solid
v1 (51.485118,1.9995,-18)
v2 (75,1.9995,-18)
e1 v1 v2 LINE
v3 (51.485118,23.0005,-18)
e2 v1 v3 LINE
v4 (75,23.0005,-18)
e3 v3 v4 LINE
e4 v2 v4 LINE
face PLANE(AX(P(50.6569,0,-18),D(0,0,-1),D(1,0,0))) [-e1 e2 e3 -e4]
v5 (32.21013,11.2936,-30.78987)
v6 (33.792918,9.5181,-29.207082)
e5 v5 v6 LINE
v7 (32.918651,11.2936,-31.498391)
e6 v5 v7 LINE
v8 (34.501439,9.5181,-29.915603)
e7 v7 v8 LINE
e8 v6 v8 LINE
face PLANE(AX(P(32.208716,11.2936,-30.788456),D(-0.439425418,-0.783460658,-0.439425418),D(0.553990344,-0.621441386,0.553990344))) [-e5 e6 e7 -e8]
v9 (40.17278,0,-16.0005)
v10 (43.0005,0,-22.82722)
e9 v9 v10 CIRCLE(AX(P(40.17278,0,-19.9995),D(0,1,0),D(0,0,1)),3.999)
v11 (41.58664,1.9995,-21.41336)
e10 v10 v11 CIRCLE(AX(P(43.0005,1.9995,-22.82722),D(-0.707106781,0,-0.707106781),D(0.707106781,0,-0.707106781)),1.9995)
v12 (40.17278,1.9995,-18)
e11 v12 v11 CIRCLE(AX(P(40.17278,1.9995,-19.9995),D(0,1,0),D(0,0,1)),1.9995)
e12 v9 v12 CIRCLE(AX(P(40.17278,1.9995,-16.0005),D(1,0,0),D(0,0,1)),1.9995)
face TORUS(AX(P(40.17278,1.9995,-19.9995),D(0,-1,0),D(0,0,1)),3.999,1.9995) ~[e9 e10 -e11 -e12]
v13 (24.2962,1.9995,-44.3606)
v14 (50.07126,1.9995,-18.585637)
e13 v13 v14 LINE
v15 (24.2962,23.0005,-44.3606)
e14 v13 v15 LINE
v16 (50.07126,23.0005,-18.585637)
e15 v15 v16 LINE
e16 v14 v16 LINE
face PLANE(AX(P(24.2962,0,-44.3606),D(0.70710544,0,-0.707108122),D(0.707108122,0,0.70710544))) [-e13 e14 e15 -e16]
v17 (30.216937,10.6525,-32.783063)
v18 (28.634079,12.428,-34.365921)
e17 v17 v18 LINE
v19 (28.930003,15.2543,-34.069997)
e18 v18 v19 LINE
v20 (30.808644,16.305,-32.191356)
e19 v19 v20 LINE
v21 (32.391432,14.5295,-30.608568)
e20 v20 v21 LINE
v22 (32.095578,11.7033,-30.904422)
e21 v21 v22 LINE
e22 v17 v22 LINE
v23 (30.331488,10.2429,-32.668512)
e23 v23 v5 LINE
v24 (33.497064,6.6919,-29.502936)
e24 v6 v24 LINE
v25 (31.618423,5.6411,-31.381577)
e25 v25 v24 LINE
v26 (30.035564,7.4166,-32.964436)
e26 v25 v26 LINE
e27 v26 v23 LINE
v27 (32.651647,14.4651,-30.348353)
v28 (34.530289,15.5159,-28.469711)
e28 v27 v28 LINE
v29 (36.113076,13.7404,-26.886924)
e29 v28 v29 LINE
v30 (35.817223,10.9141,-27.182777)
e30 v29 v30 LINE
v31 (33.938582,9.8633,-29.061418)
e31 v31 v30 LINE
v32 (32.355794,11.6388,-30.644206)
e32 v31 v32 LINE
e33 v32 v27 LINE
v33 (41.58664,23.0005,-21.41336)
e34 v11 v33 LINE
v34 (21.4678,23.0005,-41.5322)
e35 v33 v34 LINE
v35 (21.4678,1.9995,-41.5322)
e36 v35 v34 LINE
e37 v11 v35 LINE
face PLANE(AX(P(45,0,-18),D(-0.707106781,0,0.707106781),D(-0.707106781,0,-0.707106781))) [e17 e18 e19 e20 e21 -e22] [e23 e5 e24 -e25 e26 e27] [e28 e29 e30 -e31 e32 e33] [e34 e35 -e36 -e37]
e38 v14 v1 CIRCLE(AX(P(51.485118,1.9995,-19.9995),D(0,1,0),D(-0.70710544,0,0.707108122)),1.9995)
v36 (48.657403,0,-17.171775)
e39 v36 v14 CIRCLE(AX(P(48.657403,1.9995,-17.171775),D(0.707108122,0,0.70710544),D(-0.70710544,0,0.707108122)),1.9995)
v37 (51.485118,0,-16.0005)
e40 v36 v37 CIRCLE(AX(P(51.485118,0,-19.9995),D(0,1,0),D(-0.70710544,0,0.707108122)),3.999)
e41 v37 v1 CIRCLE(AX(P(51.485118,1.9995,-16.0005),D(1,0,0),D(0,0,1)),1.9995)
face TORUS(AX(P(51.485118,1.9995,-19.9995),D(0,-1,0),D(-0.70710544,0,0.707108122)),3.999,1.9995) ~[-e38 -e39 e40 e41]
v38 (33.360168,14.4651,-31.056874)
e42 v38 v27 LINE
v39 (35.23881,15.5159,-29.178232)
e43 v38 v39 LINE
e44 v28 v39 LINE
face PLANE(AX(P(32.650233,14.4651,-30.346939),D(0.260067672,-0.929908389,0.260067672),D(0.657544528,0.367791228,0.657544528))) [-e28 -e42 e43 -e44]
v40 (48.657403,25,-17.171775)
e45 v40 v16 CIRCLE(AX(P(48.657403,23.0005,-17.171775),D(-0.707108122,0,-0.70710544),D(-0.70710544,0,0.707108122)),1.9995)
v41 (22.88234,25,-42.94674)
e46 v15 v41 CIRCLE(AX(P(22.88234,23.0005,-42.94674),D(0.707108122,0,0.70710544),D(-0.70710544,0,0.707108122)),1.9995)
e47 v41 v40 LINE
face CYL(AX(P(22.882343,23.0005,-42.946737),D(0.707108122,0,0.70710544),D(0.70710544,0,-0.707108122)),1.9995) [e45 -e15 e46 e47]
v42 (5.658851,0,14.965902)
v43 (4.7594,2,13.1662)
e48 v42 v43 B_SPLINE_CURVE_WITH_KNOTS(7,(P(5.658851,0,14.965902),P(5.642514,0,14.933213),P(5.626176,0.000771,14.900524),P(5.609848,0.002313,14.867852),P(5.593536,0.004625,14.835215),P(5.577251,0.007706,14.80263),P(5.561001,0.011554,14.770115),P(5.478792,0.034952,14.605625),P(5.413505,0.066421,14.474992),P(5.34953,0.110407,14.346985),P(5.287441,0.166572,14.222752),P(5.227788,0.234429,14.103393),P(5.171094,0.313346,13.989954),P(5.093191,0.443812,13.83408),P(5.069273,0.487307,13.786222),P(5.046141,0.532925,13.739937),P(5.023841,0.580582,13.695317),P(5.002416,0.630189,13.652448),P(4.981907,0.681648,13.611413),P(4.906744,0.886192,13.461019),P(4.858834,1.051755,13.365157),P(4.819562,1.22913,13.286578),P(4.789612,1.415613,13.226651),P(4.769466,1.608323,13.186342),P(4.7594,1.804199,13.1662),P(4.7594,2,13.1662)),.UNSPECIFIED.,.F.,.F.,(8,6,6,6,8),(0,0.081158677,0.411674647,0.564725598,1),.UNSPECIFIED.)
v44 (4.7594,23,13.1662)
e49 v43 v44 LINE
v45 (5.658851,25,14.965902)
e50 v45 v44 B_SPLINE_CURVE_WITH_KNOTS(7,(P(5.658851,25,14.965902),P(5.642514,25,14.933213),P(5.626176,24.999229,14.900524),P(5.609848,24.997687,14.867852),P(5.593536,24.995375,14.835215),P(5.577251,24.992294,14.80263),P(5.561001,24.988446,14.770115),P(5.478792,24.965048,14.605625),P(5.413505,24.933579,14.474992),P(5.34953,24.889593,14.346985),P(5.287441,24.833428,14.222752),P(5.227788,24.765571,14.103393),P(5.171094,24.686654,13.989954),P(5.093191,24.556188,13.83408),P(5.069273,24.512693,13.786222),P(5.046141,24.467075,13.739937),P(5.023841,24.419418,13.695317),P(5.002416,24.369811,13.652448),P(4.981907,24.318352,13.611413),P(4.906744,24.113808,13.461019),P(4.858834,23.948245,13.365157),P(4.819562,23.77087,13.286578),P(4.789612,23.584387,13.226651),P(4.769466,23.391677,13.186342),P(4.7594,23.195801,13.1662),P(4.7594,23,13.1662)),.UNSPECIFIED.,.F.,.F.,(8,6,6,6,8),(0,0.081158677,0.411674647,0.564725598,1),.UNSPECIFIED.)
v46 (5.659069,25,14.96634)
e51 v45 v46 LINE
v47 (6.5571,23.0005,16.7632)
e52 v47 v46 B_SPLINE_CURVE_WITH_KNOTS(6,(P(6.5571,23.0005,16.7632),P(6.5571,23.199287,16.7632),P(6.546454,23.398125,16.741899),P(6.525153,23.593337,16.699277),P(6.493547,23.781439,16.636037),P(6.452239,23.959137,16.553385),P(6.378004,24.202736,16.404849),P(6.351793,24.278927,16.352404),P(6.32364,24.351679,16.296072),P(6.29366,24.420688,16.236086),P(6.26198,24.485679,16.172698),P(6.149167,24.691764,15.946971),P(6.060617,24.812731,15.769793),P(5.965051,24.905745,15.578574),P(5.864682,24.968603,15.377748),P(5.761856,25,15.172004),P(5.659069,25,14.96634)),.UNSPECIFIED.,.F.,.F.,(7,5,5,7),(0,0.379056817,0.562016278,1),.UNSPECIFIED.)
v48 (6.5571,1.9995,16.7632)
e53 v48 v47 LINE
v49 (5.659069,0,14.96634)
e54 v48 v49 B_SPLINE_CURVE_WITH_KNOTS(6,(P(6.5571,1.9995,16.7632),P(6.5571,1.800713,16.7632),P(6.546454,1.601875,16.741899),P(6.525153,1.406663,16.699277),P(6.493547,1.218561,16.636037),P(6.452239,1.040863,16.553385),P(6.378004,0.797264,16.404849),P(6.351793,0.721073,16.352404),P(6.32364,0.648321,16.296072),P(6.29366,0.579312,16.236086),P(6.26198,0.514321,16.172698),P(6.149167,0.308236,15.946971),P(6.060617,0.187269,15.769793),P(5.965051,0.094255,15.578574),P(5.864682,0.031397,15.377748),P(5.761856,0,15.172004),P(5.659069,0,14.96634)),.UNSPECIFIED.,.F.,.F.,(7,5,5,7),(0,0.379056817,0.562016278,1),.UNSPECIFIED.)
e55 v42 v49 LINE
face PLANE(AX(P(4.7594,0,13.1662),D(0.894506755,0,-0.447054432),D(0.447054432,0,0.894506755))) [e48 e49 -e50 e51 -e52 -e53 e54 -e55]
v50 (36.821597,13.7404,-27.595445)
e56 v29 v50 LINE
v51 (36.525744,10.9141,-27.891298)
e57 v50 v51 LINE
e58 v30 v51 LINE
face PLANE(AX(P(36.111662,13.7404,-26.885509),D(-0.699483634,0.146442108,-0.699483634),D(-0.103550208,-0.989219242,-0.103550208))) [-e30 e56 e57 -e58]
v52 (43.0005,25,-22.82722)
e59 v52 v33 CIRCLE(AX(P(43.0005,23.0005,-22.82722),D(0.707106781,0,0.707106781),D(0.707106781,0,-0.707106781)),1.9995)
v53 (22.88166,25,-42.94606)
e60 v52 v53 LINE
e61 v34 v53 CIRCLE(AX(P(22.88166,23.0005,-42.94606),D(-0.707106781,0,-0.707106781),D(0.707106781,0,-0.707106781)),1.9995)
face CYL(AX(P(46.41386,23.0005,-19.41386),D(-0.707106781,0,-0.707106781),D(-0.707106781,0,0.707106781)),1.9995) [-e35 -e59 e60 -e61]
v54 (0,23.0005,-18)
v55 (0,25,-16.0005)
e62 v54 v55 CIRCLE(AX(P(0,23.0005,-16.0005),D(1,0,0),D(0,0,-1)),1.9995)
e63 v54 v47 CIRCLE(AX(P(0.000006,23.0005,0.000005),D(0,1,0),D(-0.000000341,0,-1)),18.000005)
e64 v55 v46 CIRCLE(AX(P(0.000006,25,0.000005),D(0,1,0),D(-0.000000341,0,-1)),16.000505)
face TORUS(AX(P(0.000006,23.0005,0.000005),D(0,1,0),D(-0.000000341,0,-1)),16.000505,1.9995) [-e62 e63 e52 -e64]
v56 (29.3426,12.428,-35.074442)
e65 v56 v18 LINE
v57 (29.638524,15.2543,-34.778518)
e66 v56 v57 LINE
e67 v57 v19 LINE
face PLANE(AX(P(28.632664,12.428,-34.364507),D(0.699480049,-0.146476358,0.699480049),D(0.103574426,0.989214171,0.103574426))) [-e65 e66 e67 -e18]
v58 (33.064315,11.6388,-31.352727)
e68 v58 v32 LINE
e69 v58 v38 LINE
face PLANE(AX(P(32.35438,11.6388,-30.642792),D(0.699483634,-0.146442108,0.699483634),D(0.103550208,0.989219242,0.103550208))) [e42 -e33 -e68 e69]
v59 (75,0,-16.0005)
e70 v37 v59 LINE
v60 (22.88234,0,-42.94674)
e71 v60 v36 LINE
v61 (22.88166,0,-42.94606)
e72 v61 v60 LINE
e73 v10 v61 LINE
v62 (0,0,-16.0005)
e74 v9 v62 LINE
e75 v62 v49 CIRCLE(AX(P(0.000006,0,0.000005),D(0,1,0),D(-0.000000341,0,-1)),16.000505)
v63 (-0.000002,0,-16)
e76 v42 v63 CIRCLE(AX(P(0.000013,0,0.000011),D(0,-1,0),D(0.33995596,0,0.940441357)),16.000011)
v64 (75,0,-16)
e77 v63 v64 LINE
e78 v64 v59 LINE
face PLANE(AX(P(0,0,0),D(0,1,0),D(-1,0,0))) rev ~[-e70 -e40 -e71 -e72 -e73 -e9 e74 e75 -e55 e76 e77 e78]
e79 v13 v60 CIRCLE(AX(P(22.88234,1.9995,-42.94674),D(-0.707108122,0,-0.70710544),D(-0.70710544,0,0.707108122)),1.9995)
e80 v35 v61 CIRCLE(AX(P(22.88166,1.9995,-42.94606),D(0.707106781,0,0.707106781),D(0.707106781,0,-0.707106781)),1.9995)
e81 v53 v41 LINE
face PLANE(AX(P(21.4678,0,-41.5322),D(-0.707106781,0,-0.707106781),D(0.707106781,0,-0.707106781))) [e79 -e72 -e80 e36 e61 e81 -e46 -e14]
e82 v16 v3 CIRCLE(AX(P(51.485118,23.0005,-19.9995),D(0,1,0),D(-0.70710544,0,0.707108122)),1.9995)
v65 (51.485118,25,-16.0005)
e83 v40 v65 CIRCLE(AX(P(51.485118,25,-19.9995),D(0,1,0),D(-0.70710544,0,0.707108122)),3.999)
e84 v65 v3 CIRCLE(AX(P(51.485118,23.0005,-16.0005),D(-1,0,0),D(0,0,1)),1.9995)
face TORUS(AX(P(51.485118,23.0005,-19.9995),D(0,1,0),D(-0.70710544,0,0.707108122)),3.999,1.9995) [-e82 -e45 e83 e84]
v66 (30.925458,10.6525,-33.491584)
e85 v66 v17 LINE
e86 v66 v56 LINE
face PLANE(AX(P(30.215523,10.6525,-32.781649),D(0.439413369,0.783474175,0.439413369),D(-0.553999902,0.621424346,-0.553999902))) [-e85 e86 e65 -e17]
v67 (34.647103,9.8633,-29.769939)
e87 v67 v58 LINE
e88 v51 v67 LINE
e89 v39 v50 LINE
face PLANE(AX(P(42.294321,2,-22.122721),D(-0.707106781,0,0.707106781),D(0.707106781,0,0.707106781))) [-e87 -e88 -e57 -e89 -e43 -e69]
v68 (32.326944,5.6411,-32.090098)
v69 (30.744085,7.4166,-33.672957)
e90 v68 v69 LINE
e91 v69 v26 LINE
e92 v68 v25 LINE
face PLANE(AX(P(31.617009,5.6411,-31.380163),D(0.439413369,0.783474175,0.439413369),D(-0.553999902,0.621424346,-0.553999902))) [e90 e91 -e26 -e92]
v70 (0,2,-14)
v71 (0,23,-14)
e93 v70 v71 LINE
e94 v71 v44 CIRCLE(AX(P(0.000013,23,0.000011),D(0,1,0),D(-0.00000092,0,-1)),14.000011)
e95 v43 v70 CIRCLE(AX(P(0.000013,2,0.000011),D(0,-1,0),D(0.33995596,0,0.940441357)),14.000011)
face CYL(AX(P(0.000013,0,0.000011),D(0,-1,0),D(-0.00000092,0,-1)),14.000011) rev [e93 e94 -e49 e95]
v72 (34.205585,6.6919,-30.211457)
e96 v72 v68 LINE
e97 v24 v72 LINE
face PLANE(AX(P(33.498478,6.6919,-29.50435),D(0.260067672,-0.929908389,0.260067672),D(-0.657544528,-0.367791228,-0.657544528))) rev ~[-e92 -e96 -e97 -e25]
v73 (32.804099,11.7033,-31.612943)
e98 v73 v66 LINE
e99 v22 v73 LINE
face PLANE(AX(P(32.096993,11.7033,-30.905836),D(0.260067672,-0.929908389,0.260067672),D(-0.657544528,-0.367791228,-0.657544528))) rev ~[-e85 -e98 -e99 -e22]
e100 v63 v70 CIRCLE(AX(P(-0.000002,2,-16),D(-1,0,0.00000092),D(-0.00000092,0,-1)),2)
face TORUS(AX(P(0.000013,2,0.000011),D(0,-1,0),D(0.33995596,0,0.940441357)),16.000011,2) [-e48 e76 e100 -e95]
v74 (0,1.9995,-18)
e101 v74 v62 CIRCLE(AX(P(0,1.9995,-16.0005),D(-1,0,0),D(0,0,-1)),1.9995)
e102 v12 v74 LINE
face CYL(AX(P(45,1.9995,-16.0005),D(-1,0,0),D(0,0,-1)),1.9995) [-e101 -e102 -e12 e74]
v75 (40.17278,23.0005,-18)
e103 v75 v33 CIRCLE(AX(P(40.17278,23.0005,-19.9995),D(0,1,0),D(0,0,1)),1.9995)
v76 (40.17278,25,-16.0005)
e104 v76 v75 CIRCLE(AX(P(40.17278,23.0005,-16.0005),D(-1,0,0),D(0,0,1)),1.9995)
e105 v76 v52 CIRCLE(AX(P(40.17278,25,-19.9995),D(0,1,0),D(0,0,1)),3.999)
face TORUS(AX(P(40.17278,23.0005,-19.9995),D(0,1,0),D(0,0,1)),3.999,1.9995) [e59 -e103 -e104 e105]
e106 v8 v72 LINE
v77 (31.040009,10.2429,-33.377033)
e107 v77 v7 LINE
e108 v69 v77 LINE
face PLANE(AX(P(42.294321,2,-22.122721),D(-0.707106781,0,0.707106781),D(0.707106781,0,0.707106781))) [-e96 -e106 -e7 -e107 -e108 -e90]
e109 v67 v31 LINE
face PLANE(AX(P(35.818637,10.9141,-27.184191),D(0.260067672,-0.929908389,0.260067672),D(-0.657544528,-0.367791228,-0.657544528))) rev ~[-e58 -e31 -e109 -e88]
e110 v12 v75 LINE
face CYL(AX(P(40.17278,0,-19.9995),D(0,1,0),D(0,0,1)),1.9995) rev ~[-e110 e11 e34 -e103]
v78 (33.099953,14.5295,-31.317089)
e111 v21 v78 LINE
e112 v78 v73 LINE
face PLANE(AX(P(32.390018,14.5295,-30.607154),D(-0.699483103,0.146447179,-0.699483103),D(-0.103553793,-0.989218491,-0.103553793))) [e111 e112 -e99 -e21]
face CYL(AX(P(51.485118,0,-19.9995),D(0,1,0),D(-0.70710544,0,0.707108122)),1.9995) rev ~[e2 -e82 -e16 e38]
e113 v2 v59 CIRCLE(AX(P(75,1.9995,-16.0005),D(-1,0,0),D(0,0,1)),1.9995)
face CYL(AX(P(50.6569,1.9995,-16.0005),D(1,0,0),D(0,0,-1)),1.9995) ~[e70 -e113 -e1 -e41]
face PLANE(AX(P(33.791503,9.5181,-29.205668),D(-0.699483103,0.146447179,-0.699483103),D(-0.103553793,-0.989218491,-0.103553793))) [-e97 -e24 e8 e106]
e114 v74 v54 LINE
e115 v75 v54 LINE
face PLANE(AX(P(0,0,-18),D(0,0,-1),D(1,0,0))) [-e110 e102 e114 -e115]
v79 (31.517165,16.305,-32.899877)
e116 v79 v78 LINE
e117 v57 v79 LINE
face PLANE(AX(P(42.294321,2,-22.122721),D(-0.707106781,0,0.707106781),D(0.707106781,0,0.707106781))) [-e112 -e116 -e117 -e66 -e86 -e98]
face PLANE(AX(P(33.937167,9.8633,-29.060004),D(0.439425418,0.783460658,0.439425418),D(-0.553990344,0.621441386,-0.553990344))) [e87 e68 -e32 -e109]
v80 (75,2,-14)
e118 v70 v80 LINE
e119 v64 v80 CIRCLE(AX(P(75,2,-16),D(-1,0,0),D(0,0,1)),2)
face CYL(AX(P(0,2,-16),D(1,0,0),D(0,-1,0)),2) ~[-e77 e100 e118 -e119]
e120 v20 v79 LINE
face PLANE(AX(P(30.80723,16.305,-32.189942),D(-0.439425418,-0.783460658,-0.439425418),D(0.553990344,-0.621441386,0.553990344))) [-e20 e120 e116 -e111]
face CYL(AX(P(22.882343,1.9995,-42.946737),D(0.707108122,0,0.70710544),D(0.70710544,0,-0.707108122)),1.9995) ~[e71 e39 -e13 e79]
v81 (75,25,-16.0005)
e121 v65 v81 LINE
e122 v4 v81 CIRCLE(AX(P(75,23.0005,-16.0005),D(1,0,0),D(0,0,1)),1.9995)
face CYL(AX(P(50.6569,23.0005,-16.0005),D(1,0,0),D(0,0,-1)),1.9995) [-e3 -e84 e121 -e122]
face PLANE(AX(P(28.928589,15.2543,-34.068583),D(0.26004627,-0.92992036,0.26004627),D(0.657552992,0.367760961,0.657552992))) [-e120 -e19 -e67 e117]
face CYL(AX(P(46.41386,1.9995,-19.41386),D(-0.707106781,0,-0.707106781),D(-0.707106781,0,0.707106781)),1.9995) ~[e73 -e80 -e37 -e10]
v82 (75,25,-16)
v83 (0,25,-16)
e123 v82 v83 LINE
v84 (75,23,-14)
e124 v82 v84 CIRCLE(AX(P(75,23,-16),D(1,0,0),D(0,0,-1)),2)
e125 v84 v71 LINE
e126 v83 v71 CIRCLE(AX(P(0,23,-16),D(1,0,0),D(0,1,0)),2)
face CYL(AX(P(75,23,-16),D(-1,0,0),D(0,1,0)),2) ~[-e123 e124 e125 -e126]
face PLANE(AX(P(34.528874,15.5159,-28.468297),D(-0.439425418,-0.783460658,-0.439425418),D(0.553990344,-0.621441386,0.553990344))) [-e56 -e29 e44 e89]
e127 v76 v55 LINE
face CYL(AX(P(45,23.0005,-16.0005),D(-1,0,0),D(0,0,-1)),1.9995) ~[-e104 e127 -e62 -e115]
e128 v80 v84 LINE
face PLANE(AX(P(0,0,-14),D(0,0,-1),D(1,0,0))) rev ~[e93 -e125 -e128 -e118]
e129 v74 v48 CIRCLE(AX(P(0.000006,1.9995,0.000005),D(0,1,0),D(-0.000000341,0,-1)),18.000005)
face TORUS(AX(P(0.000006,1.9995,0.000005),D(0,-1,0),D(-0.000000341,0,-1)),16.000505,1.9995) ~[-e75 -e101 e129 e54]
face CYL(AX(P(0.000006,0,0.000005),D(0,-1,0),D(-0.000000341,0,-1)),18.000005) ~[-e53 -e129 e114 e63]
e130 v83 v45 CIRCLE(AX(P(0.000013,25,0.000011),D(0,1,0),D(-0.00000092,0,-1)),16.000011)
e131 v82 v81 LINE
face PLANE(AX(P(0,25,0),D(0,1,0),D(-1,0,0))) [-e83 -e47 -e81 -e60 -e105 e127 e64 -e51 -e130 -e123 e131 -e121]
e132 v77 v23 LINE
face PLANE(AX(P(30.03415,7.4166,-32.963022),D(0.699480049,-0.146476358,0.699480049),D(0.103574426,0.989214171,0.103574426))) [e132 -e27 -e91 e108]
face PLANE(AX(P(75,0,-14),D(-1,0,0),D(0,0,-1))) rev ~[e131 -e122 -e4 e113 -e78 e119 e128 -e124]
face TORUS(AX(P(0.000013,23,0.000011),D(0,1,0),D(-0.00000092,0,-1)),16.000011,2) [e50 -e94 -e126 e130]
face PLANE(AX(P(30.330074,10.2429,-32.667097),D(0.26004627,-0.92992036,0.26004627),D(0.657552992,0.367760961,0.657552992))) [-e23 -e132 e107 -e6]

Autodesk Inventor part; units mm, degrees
ref_plane "YZ Plane" through (0, 0, 0) normal (1, 0, 0) x (0, 1, 0)
ref_plane "XZ Plane" through (0, 0, 0) normal (0, 1, 0) x (-1, 0, 0)
ref_plane "XY Plane" through (0, 0, 0) normal (0, 0, 1) x (1, 0, 0)
sketch "Sketch1" plane through (0, 0, 0) normal (0, 1, 0) x (-1, 0, 0)
  line L0 (0, -14) -> (-75, -14)
  line L1 (-75, -14) -> (-75, -18)
  line L2 (-4.7594, 13.1662) -> (-6.5571, 16.7632)
  arc A0 (0, -14) -> (-4.7594, 13.1662) centre (0, 0) ccw
  arc A1 (0, -18) -> (-6.5571, 16.7632) centre (0, 0) ccw
  line L3 (-45, -18) -> (-21.4678, -41.5322)
  line L4 (-45, -18) -> (-11.7204, -18) construction
  line L5 (-21.4678, -41.5322) -> (-24.2962, -44.3606)
  line L6 (-24.2962, -44.3606) -> (-50.6569, -18)
  line L7 (0, -18) -> (-45, -18)
  line L8 (-50.6569, -18) -> (-75, -18)
  point P0 (0, 0)
  dimension "d3" = 75
  dimension "d4" = 14
  dimension "d5" = 18
  dimension "d6" = 45
  dimension "d7" = 4
  dimension "d8" = 4
extrude "Extrusion1" add sketch "Sketch1" along normal blind 25
fillet "Fillet1" radius 2 12 edges at (-17.6881, 0, 3.3364) (22.5, 0, -18) (62.8284, 0, -18) (62.8284, 25, -18) (50.6569, 12.5, -18) (33.2339, 0, -29.7661) (37.4765, 0, -31.1803) (37.4765, 25, -31.1803) (33.2339, 25, -29.7661) (45, 12.5, -18) (-17.6881, 25, 3.3364) (22.5, 25, -18)
fillet "Fillet2" radius 2 4 edges at (37.5, 0, -14) (-13.79, 0, 2.4159) (-13.79, 25, 2.4159) (37.5, 25, -14)
sketch "Sketch2" plane through (0, 23, -14) normal (0, 0, 1) x (1, 0, 0)
  point P0 (0, -23)
sketch "Sketch3" plane through (0, 23, -14) normal (0, 0, 1) x (1, 0, 0)
  point P0 (0, -23)
sketch "Sketch4" plane through (41.5858, 2, -21.4142) normal (-0.7071, 0, 0.7071) x (0.7071, 0, 0.7071)
  line L0 (-28.4512, 21) -> (0, 21) projected
  line L1 (-17.898, 13.2543) -> (-15.2412, 14.305)
  line L2 (-15.2412, 14.305) -> (-13.0028, 12.5295)
  line L3 (-13.0028, 12.5295) -> (-13.4212, 9.7033)
  line L4 (-13.4212, 9.7033) -> (-16.078, 8.6525)
  line L5 (-16.078, 8.6525) -> (-18.3165, 10.428)
  line L6 (-18.3165, 10.428) -> (-17.898, 13.2543)
  line L7 (-12.6348, 12.4651) -> (-9.978, 13.5159)
  line L8 (-9.978, 13.5159) -> (-7.7396, 11.7404)
  line L9 (-7.7396, 11.7404) -> (-8.158, 8.9141)
  line L10 (-8.158, 8.9141) -> (-10.8148, 7.8633)
  line L11 (-10.8148, 7.8633) -> (-13.0532, 9.6388)
  line L12 (-13.0532, 9.6388) -> (-12.6348, 12.4651)
  line L13 (-15.916, 8.2429) -> (-13.2592, 9.2936)
  line L14 (-13.2592, 9.2936) -> (-11.0208, 7.5181)
  line L15 (-11.0208, 7.5181) -> (-11.4392, 4.6919)
  line L16 (-11.4392, 4.6919) -> (-14.096, 3.6411)
  line L17 (-14.096, 3.6411) -> (-16.3345, 5.4166)
  line L18 (-16.3345, 5.4166) -> (-15.916, 8.2429)
  point P0 (-14.2635, -2)
  point P1 (-12.0615, 16.231)
extrude "Extrusion2" cut sketch "Sketch4" against normal blind 1 and the other way blind 5
properties part number "TubeRadiator"
